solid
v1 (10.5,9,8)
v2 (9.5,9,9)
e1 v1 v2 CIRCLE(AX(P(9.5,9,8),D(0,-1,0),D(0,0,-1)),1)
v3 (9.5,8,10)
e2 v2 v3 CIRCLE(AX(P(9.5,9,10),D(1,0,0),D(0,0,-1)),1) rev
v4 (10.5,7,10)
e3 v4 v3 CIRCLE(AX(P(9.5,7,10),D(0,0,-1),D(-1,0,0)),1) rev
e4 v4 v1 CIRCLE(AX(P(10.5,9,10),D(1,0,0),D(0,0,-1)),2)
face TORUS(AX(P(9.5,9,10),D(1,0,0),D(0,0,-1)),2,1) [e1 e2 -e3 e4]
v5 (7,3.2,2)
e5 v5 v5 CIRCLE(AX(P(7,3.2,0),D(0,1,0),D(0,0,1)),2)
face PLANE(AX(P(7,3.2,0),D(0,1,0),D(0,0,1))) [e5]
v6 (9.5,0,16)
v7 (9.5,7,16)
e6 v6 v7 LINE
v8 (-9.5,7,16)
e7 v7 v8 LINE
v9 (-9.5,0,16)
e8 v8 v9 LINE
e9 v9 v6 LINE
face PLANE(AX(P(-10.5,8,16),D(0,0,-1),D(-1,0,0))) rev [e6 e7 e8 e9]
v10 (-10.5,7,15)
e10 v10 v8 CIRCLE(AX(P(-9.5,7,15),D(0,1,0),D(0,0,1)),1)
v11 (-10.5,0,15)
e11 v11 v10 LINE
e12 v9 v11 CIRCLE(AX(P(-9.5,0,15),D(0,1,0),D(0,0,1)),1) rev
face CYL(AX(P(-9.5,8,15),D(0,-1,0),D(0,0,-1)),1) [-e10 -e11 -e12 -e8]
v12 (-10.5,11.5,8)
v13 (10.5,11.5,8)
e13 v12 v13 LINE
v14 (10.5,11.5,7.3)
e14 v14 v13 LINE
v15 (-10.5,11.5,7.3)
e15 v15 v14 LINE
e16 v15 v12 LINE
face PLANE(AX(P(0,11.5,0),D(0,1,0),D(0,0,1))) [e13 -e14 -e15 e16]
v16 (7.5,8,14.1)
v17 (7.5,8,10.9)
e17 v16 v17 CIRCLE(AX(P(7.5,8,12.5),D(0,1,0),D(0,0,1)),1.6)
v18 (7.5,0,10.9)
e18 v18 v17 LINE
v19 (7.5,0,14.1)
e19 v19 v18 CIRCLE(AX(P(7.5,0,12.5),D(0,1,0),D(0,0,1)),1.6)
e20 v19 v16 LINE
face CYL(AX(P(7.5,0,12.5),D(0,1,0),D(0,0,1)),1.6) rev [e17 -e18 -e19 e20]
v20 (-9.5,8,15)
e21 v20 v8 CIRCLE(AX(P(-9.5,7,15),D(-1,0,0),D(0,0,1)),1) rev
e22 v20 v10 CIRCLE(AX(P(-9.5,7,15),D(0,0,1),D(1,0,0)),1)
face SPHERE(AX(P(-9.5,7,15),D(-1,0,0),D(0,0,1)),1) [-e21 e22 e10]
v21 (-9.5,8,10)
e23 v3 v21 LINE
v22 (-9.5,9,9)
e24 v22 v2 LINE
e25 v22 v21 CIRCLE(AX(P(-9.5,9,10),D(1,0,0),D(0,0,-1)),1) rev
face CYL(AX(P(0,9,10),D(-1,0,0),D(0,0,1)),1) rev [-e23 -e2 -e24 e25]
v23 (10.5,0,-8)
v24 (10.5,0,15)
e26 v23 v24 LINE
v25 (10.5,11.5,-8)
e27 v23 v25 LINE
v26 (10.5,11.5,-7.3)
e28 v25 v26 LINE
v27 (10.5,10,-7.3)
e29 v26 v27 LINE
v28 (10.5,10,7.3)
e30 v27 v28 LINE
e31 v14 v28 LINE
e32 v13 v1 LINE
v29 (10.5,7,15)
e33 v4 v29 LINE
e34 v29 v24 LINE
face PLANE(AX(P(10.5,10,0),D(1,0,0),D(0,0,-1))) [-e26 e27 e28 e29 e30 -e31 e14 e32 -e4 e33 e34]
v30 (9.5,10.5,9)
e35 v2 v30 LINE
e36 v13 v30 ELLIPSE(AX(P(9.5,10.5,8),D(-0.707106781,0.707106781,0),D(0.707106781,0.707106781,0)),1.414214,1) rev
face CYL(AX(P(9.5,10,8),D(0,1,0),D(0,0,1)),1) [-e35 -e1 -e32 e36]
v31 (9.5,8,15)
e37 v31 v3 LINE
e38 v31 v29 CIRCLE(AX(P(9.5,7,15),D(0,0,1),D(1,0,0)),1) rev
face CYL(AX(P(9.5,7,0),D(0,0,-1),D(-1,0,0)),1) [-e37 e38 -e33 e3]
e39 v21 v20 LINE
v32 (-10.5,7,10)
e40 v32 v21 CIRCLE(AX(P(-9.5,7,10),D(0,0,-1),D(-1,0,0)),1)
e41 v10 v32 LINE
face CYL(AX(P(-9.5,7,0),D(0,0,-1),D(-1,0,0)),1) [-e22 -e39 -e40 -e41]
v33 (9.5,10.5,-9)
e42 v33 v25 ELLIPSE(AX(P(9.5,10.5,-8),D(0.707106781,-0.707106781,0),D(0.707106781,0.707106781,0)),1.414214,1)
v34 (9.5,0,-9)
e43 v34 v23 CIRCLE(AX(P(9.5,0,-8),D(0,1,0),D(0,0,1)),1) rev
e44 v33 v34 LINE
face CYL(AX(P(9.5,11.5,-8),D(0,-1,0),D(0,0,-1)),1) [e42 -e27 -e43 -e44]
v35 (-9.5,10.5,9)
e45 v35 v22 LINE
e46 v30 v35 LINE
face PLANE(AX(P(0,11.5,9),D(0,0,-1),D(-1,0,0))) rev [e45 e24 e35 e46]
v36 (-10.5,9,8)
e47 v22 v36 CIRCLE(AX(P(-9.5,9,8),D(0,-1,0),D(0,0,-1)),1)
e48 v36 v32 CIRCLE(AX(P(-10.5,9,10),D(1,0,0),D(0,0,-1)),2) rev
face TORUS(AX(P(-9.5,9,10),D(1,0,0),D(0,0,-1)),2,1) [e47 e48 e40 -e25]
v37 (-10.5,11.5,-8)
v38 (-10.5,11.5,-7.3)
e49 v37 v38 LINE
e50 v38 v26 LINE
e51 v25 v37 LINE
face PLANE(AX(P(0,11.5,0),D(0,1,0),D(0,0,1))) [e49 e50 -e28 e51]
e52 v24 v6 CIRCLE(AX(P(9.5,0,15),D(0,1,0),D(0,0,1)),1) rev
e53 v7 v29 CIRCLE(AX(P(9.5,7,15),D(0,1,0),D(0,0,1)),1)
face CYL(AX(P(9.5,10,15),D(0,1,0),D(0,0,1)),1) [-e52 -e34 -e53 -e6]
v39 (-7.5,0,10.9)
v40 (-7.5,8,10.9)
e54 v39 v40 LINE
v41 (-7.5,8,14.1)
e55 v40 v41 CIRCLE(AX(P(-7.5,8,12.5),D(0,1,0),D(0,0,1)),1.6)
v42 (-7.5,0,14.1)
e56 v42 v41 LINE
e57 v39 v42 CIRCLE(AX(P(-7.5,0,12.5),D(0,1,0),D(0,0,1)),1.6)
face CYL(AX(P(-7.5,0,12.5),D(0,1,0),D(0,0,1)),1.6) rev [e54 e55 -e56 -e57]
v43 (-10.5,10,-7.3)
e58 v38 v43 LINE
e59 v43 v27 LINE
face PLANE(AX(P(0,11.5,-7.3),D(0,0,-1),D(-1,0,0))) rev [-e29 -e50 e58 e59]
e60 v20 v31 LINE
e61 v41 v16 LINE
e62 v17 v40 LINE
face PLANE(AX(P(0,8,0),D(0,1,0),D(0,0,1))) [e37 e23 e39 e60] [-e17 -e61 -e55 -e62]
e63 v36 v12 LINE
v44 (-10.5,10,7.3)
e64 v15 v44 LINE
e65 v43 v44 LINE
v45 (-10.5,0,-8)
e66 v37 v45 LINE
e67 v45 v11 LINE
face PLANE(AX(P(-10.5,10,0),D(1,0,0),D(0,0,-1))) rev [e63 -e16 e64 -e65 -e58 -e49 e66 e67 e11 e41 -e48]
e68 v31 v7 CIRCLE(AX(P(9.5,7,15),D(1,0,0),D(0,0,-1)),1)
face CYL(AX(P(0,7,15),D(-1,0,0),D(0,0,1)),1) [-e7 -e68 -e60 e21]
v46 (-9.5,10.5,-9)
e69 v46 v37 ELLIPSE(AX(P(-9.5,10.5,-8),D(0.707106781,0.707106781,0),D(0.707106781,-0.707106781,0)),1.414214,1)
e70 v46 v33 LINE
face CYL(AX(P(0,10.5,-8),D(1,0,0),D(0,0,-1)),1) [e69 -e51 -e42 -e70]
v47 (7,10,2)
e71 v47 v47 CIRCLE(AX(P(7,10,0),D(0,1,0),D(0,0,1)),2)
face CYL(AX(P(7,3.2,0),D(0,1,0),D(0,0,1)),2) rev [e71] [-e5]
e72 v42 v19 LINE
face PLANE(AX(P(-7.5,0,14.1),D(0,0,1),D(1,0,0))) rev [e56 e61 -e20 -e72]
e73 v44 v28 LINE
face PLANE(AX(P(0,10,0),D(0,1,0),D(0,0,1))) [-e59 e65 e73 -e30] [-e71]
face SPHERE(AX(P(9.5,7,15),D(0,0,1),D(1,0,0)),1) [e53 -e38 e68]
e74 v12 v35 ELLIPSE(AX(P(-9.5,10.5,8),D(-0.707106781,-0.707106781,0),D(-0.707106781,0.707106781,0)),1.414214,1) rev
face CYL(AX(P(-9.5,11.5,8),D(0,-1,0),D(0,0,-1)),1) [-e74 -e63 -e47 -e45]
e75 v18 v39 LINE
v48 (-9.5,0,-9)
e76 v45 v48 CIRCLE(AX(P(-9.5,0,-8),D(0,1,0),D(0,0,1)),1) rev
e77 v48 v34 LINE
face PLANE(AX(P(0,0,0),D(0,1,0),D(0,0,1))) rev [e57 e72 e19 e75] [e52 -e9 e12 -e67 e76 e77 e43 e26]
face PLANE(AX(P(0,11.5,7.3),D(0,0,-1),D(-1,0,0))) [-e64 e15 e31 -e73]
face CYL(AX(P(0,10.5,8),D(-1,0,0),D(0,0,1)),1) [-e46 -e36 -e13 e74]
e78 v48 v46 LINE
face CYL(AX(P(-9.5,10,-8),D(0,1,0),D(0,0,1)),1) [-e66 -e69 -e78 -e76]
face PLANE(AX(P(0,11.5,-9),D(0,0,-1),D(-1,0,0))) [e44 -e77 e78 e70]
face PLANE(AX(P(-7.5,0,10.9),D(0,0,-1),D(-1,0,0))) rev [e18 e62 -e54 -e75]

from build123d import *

# Parameters (mm, degrees)
SKETCH1_W           = 21
SKETCH1_H           = 14.6
BOSS_EXTRUDE1_DEPTH = 10
SKETCH1_3_W         = 21
SKETCH1_3_H         = 1.7
BOSS_EXTRUDE2_DEPTH = 11.5
SKETCH3_W           = 21
SKETCH3_H           = 7
BOSS_EXTRUDE4_DEPTH = 8
FILLET1_R           = 1
CUT_EXTRUDE1_DEPTH  = 21.742468513
SKETCH5_R           = 2
CUT_EXTRUDE2_DEPTH  = 6.8


with BuildPart() as part:
    # Sketch1 → Boss-Extrude1 (new body)
    with BuildSketch(Plane(origin=(0, 0, 0), x_dir=(1, 0, 0), z_dir=(0, 1, 0))):
        Rectangle(SKETCH1_W, SKETCH1_H)
    extrude(amount=BOSS_EXTRUDE1_DEPTH)

    # Sketch1<3> → Boss-Extrude2 (add)
    with BuildSketch(Plane(origin=(0, 0, 0), x_dir=(1, 0, 0), z_dir=(0, 1, 0))):
        with Locations((0, 8.15)):
            Rectangle(SKETCH1_3_W, SKETCH1_3_H)
        with Locations((0, -8.15)):
            Rectangle(SKETCH1_3_W, SKETCH1_3_H)
    extrude(amount=BOSS_EXTRUDE2_DEPTH)

    # Sketch3 → Boss-Extrude4 (add)
    with BuildSketch(Plane(origin=(0, 0, 0), x_dir=(1, 0, 0), z_dir=(0, 1, 0))):
        with Locations((0, -12.5)):
            Rectangle(SKETCH3_W, SKETCH3_H)
    extrude(amount=BOSS_EXTRUDE4_DEPTH)

    # Fillet1
    fillet1_edges = [part.edges().sort_by_distance(p)[0] for p in [
        (10.5, 8, 12.5),
        (-10.5, 9.75, 9),
        (10.5, 5.75, -9),
        (0, 11.5, 9),
        (-10.5, 5.75, -9),
        (0, 11.5, -9),
        (-10.5, 4, 16),
        (10.5, 4, 16),
        (0, 8, 16),
        (10.5, 9.75, 9),
        (-10.5, 8, 12.5),
        (0, 8, 9),
    ]]
    fillet(fillet1_edges, radius=FILLET1_R)

    # Sketch4 → Cut-Extrude1 (cut, through all)
    with BuildSketch(Plane(origin=(0, 8, 0), x_dir=(1, 0, 0), z_dir=(0, 1, 0))):
        with BuildLine():
            Line((-7.5, -10.9), (7.5, -10.9))
            ThreePointArc((7.5, -10.9), (9.1, -12.5), (7.5, -14.1))
            Line((7.5, -14.1), (-7.5, -14.1))
            ThreePointArc((-7.5, -14.1), (-9.1, -12.5), (-7.5, -10.9))
        make_face()
    extrude(amount=-CUT_EXTRUDE1_DEPTH, mode=Mode.SUBTRACT)

    # Sketch5 → Cut-Extrude2 (cut)
    with BuildSketch(Plane(origin=(0, 10, 0), x_dir=(1, 0, 0), z_dir=(0, 1, 0))):
        with Locations((7, 0)):
            Circle(SKETCH5_R)
    extrude(amount=-CUT_EXTRUDE2_DEPTH, mode=Mode.SUBTRACT)


solid = part.part
